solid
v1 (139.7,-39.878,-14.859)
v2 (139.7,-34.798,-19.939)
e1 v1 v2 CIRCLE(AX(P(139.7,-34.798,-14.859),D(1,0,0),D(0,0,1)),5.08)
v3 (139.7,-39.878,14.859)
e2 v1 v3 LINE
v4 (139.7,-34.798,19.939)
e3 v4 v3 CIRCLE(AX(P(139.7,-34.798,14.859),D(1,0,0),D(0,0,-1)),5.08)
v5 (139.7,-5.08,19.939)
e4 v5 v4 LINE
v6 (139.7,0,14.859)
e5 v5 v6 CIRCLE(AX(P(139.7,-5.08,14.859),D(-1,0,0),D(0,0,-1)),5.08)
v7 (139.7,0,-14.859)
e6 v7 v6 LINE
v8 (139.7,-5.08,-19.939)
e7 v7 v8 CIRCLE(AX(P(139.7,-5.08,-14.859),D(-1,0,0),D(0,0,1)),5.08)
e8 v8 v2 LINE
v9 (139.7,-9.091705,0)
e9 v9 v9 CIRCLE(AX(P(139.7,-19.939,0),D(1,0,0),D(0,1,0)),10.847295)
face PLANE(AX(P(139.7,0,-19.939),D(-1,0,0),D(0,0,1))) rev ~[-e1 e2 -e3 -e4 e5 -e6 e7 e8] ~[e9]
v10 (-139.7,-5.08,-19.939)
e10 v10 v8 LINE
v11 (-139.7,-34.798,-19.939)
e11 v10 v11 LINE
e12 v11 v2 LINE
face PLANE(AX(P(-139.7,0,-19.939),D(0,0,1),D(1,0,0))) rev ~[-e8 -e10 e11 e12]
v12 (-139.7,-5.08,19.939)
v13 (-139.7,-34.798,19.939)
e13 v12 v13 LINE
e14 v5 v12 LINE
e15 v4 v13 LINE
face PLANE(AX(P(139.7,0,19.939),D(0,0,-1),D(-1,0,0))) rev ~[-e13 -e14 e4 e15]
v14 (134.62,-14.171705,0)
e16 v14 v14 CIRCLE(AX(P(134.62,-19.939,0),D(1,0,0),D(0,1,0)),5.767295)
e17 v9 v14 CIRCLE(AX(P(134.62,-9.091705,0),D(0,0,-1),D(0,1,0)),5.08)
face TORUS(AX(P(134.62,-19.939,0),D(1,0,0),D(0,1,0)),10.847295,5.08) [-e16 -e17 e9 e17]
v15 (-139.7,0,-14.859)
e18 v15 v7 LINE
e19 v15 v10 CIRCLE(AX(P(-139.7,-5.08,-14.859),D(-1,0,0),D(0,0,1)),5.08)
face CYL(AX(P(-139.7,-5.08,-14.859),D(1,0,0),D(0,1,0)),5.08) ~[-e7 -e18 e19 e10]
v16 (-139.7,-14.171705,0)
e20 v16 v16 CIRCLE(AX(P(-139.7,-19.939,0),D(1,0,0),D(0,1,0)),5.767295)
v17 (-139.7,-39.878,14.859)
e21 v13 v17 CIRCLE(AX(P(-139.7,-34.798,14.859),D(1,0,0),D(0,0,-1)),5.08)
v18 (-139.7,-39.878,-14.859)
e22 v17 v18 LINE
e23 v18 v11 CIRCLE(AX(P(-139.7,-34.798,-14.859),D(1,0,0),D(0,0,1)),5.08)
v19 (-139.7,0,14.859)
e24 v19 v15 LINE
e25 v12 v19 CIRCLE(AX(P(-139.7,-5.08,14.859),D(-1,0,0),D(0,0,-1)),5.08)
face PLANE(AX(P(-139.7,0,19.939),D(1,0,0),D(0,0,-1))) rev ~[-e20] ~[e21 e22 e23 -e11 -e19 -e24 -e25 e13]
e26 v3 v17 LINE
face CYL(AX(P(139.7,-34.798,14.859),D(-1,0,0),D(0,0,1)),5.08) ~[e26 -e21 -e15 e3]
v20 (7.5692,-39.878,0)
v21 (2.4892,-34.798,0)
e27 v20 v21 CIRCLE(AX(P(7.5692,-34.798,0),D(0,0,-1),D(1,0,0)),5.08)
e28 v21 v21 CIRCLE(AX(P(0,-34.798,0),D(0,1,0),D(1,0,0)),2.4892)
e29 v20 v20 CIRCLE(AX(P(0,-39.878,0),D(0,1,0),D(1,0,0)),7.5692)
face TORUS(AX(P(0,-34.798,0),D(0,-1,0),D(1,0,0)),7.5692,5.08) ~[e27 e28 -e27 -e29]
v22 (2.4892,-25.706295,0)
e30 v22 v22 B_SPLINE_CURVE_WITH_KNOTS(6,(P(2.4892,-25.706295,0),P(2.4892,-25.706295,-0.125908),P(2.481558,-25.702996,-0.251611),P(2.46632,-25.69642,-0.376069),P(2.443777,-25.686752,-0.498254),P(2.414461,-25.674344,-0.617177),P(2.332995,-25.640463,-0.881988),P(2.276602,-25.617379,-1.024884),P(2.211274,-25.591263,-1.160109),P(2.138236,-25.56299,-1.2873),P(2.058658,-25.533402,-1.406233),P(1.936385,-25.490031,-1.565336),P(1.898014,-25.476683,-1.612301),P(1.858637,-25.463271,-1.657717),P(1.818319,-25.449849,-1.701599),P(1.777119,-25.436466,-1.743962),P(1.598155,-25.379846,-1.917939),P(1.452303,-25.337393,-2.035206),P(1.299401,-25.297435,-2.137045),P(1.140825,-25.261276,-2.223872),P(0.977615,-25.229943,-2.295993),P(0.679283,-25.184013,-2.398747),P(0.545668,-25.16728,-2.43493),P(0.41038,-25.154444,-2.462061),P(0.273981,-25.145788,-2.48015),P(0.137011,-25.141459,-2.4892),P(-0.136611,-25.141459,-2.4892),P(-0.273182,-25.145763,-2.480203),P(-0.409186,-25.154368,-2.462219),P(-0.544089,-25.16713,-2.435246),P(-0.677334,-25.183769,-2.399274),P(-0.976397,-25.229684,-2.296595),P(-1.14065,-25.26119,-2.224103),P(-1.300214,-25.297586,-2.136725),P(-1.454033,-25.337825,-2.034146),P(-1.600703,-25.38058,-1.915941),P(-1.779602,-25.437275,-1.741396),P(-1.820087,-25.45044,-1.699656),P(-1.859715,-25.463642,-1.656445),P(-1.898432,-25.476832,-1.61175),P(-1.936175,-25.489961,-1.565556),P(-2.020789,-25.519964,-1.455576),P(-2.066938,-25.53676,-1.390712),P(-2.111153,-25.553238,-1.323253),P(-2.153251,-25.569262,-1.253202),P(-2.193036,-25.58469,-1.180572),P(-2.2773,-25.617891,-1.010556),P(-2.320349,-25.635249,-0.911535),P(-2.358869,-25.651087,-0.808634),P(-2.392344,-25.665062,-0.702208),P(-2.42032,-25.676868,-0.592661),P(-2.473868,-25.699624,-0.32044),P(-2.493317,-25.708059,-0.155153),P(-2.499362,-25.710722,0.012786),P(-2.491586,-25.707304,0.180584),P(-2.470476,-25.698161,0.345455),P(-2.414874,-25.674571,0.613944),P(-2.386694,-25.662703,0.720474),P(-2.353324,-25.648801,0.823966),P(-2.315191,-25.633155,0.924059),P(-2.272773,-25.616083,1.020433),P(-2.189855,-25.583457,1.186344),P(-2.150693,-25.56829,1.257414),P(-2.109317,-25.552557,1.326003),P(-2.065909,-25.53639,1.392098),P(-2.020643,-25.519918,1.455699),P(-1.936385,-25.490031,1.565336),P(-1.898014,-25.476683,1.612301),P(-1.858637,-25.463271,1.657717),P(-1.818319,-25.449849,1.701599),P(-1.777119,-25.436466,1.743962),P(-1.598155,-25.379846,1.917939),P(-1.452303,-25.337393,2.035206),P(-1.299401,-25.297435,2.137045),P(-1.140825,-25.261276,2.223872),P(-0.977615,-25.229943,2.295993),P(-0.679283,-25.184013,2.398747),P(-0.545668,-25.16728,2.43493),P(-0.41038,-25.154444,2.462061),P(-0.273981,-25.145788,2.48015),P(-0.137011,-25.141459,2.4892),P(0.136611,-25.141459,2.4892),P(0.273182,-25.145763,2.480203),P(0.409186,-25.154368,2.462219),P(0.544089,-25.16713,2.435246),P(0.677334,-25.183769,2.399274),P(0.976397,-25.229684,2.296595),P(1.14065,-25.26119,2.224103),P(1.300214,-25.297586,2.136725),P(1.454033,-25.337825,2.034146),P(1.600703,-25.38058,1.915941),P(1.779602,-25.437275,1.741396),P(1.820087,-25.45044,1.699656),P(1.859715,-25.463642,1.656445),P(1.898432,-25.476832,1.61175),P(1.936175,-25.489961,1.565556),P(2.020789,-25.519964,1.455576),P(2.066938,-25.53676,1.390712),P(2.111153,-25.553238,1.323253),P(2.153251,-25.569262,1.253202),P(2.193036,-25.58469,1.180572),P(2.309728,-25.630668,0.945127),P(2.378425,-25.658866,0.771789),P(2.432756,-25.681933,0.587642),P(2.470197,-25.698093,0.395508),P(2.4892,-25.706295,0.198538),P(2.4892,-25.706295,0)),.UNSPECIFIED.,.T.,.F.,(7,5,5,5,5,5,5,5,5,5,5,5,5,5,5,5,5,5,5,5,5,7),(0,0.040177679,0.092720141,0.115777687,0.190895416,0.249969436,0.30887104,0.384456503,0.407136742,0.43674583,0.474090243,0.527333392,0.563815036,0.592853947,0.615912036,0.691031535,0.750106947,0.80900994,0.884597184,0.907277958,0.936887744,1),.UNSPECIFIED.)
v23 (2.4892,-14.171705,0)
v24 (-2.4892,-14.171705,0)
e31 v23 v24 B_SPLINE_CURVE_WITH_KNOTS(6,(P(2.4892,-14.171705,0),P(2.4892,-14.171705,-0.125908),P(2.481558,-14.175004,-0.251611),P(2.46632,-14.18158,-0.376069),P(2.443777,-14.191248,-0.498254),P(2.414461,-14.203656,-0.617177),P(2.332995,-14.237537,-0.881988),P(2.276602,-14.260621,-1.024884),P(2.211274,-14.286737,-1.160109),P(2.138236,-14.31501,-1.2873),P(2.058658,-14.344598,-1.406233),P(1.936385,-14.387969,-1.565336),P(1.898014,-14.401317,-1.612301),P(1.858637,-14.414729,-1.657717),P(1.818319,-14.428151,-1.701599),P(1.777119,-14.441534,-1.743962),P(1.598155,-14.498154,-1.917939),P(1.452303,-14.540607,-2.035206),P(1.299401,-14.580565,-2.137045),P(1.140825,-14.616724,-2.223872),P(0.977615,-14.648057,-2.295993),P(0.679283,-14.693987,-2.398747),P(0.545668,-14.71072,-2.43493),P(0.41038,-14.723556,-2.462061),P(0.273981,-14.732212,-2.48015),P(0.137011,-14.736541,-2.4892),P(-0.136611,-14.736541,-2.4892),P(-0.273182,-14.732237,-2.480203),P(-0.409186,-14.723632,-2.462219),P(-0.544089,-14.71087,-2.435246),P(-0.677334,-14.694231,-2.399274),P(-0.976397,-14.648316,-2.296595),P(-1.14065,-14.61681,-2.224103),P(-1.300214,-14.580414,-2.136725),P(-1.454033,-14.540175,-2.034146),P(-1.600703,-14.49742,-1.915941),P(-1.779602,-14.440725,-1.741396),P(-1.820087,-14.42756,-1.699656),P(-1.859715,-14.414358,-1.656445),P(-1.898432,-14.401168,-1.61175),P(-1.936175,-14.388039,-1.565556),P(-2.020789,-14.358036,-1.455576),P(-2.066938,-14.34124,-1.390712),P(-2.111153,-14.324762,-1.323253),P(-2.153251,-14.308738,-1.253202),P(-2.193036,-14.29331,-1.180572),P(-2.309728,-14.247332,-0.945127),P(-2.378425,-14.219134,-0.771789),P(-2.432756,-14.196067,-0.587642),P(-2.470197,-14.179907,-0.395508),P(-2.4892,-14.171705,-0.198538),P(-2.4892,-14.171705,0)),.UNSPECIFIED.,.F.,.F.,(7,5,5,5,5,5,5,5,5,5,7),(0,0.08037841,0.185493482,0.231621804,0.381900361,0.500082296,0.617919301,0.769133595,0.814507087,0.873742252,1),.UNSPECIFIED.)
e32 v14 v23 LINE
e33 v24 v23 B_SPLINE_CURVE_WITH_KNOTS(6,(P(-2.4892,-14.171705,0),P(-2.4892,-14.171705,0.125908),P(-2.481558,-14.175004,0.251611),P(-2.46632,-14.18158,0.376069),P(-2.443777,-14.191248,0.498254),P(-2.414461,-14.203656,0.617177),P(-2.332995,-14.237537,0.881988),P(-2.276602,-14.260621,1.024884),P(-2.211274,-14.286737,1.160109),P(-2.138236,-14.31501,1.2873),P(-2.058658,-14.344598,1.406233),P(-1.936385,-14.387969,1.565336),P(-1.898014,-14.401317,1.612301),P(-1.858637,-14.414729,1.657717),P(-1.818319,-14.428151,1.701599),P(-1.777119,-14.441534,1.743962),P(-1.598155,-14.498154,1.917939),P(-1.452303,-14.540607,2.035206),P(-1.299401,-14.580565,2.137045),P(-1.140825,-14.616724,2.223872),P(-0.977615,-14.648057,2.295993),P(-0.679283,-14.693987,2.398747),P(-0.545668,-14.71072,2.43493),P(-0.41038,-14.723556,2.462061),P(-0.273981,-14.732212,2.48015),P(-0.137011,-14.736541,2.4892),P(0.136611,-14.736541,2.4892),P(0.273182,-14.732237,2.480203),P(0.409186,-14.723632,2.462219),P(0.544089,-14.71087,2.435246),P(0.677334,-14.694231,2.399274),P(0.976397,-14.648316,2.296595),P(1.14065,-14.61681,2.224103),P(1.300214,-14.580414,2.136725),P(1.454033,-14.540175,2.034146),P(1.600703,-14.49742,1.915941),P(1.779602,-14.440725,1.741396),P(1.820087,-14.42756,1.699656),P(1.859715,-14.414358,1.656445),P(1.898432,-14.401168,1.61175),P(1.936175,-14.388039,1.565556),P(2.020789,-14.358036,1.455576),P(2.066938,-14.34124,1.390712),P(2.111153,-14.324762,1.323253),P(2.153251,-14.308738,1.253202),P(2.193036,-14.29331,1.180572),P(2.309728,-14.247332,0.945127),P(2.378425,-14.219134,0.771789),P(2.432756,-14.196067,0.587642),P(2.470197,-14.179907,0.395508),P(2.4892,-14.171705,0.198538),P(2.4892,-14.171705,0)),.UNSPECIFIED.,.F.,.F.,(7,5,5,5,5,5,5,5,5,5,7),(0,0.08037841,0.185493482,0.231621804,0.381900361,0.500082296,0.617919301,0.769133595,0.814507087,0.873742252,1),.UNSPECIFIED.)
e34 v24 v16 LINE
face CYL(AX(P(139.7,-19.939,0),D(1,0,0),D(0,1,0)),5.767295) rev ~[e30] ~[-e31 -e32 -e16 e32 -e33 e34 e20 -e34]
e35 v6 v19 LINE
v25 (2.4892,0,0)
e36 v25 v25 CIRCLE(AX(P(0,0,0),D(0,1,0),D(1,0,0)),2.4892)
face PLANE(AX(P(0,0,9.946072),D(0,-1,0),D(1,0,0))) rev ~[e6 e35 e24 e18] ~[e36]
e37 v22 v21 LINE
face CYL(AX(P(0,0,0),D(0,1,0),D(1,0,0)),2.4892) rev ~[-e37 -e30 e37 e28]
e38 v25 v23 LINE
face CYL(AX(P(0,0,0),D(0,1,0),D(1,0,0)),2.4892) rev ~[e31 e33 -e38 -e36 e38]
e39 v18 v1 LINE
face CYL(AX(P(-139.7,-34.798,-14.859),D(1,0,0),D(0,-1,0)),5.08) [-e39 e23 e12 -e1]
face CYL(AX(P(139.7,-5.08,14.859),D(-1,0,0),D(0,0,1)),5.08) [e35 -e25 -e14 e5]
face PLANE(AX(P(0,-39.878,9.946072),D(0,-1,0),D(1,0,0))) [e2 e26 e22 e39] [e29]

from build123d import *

# Parameters (mm, degrees)
F1_DEPTH = 39.878
F2_R     = 5.767295
F3_DEPTH = 279.401
F4_R     = 5.08


with BuildPart() as f1:
    # F0 (on Front) → F1 (new body)
    with BuildSketch(Plane.XZ):
        with BuildLine():
            Line((139.7, 0), (139.7, 19.939))
            Line((139.7, 19.939), (-139.7, 19.939))
            Line((-139.7, 19.939), (-139.7, 0))
            Line((-139.7, 0), (-2.4892, 0))
            ThreePointArc((-2.4892, 0), (0, 2.4892), (2.4892, 0))
            Line((2.4892, 0), (139.7, 0))
        make_face()
        with BuildLine():
            Line((139.7, -19.939), (139.7, 0))
            Line((139.7, 0), (2.4892, 0))
            ThreePointArc((2.4892, 0), (0, -2.4892), (-2.4892, 0))
            Line((-2.4892, 0), (-139.7, 0))
            Line((-139.7, 0), (-139.7, -19.939))
            Line((-139.7, -19.939), (139.7, -19.939))
        make_face()
    extrude(amount=F1_DEPTH)

    # F2 (on face) → F3 (cut, through all)
    with BuildSketch(Plane.YZ.offset(139.7)):
        with Locations((-19.939, 0)):
            Circle(F2_R)
    extrude(amount=-F3_DEPTH, mode=Mode.SUBTRACT)

    # F4
    f4_edges = [f1.edges().sort_by_distance(p)[0] for p in [
        (139.7, -25.706295, 0),
        (-2.4892, -39.878, 0),
        (0, -39.878, 19.939),
        (0, 0, 19.939),
        (0, 0, -19.939),
        (0, -39.878, -19.939),
    ]]
    fillet(f4_edges, radius=F4_R)


solid = f1.part
